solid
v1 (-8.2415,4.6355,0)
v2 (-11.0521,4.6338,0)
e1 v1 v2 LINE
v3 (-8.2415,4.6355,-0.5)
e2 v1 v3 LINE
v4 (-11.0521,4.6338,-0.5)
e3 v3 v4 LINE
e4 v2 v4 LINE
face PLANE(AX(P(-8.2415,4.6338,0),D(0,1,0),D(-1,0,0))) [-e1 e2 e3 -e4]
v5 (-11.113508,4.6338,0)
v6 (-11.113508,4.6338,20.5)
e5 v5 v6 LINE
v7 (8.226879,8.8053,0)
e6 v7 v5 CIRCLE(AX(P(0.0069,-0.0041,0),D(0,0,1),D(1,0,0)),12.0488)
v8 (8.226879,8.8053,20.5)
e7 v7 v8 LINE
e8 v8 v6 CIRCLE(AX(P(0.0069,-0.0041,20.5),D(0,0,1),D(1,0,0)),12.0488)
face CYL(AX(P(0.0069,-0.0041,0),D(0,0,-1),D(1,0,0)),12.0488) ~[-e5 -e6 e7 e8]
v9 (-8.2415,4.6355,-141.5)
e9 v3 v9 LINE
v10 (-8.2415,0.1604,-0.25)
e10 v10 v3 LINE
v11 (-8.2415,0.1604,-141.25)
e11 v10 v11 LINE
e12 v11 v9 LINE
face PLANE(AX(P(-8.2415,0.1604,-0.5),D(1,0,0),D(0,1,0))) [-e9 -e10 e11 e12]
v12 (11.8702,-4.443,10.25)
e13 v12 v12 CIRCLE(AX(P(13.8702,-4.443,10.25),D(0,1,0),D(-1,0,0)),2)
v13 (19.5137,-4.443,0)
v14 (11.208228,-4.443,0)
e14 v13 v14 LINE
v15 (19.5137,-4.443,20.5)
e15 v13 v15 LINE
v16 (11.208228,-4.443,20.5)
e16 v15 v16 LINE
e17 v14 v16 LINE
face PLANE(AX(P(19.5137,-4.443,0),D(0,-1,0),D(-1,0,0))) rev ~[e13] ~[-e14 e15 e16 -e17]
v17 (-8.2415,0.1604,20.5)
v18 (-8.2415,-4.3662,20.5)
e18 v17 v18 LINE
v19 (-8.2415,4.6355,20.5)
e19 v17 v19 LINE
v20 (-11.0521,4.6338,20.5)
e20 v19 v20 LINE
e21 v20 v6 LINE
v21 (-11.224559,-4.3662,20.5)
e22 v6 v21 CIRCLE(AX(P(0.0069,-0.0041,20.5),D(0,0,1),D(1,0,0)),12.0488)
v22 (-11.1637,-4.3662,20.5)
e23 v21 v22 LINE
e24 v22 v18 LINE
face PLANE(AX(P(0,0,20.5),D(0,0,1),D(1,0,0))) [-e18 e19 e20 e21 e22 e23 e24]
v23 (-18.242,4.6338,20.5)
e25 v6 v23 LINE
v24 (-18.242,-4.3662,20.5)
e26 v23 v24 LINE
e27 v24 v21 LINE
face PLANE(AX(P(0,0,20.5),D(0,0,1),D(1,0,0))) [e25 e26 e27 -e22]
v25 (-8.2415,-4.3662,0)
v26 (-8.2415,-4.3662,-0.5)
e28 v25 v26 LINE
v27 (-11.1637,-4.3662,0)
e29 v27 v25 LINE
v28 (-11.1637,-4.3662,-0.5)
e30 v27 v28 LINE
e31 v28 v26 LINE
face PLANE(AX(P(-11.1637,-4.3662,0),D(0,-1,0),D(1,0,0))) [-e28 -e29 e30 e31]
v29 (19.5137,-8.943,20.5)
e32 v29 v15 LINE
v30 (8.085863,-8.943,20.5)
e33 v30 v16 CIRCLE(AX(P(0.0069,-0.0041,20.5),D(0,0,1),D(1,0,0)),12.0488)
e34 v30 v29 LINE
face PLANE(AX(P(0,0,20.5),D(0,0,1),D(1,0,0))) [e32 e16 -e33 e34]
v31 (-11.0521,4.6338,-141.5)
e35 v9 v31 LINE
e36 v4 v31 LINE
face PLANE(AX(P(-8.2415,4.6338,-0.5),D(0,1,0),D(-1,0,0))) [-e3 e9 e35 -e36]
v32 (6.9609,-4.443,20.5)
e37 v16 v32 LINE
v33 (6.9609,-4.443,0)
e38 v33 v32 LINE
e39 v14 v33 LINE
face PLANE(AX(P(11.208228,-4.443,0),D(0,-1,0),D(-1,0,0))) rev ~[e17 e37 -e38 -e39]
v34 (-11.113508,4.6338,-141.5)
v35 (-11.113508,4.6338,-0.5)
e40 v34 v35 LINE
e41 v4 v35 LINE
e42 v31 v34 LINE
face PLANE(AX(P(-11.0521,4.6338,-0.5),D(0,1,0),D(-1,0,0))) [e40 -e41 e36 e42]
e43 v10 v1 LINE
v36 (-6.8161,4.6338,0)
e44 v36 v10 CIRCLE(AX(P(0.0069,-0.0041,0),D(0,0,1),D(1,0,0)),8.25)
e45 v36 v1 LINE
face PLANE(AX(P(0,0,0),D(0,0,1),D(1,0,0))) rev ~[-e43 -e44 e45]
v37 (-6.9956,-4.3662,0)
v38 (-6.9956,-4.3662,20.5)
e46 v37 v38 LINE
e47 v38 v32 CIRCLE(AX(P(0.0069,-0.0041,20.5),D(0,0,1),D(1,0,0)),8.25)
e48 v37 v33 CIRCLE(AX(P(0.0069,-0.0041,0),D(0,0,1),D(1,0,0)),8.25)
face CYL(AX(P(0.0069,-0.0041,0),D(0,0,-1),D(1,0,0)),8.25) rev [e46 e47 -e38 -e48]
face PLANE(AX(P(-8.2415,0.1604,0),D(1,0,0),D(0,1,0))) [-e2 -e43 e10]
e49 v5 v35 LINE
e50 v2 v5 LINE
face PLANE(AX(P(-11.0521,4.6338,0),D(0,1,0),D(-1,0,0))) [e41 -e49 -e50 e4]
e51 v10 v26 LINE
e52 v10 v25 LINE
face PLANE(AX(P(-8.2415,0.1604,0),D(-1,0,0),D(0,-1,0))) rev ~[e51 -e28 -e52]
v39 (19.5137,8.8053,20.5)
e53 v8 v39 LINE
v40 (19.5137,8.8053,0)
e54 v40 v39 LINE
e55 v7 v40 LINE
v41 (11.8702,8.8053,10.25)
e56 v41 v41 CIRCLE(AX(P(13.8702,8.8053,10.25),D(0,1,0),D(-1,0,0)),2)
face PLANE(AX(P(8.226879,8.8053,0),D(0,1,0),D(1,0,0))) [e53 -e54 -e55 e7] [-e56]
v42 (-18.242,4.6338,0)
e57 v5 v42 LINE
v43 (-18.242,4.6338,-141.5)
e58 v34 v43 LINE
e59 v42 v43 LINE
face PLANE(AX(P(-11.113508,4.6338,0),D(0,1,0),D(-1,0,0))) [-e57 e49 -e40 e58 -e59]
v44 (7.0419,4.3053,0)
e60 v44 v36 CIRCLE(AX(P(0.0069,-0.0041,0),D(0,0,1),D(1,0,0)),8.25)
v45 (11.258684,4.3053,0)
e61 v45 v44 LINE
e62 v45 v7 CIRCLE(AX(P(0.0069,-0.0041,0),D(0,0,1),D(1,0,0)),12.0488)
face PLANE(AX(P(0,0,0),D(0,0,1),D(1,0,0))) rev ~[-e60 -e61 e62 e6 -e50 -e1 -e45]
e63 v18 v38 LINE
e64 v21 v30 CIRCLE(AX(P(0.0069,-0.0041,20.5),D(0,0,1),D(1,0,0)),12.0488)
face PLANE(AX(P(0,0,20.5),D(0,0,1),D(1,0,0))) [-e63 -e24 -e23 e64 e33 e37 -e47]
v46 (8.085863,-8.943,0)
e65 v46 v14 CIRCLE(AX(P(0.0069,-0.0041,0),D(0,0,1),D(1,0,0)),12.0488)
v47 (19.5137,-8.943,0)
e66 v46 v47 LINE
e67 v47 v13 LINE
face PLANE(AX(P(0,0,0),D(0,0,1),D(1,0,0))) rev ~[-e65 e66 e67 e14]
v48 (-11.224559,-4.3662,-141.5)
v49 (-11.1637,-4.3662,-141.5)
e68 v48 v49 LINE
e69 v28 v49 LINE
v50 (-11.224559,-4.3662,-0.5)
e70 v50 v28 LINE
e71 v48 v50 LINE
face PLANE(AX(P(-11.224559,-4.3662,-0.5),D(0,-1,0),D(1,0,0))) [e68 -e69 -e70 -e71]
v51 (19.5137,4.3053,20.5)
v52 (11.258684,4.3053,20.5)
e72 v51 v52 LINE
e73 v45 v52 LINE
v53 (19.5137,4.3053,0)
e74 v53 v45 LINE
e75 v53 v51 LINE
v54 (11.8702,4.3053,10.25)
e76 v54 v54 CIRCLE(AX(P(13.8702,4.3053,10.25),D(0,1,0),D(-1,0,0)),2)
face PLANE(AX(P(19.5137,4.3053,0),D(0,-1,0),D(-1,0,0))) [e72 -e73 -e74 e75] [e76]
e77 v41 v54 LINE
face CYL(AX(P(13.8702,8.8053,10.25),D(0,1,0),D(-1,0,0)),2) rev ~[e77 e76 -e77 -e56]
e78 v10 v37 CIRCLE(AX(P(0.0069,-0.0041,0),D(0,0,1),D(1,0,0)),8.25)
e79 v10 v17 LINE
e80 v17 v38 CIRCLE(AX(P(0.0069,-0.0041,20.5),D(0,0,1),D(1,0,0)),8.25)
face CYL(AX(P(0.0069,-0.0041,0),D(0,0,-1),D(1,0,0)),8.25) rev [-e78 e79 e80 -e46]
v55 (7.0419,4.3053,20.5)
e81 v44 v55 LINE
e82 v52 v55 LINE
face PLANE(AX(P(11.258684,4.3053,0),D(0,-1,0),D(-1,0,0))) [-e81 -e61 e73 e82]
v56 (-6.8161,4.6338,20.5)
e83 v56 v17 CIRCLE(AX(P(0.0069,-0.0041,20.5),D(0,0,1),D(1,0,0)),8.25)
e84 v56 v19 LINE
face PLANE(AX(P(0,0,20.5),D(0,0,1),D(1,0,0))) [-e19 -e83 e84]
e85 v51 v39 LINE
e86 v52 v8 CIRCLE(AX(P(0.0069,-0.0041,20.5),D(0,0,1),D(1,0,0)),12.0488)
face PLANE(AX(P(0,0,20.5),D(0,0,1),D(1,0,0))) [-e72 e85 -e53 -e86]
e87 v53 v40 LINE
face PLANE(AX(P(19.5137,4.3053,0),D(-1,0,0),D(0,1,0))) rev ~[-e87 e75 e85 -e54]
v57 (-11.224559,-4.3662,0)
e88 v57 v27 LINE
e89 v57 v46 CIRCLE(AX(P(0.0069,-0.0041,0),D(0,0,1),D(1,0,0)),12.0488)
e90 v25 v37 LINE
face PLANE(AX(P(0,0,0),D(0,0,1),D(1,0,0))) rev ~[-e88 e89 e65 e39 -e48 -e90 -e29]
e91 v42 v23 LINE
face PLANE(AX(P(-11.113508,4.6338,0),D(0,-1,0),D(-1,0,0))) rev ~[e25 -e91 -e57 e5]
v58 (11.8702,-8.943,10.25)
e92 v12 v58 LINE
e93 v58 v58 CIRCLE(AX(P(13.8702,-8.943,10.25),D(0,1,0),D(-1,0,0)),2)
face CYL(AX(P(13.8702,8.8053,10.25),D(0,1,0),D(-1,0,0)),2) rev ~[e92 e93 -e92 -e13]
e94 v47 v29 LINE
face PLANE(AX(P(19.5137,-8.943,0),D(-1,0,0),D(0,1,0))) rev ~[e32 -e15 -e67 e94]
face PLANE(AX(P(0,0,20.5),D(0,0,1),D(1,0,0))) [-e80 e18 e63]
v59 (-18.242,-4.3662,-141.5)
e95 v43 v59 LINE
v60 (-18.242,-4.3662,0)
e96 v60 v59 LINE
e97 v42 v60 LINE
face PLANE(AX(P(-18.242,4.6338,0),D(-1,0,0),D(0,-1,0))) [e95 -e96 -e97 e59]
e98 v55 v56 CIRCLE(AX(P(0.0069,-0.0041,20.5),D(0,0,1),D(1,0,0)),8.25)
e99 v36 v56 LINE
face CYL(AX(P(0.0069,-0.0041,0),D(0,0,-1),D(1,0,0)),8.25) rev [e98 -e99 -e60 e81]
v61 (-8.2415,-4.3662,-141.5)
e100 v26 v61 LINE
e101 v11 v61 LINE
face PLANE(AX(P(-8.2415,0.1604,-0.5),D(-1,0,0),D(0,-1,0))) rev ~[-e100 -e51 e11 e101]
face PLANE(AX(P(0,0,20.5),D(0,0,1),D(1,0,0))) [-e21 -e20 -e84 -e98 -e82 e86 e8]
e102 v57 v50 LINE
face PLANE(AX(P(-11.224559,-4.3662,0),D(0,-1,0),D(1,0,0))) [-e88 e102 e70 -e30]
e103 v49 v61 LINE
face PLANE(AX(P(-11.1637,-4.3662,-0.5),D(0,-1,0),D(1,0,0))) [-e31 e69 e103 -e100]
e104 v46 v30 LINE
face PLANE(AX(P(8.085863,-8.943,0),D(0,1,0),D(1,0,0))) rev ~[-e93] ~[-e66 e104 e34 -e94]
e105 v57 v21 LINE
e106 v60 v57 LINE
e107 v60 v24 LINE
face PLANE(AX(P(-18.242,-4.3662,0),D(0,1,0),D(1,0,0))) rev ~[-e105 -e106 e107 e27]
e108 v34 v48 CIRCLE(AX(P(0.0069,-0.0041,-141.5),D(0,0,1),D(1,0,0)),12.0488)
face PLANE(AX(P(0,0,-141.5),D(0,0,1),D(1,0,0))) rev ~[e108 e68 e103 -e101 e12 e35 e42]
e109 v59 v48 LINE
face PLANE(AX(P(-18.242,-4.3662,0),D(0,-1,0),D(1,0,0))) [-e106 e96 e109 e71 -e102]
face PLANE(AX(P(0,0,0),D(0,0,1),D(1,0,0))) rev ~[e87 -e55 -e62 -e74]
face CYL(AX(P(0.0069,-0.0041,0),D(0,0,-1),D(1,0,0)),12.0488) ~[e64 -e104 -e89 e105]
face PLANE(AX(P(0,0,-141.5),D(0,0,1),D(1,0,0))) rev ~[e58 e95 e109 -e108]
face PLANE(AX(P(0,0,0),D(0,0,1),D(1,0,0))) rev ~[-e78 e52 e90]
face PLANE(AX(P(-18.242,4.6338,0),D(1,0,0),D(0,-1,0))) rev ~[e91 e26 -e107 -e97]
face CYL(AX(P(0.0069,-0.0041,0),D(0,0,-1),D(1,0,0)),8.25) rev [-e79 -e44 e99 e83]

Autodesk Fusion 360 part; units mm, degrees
sketch "Sketch1" plane through (0, 0, 0) normal (0, 0, 1) x (1, 0, 0)
  line L0 (-6.8161, 4.6338) -> (-18.242, 4.6338)
  line L1 (8.001, -8.943) -> (19.5137, -8.943)
  line L2 (19.5137, -8.943) -> (19.5137, -4.443)
  line L3 (-18.242, -4.3662) -> (-6.9956, -4.3662)
  circle A0 centre (0.0069, -0.0041) radius 8.25
  arc A1 (-6.9956, -4.3662) -> (6.9609, -4.443) centre (0.0069, -0.0041) ccw
  line L4 (8.1435, 8.8053) -> (19.5137, 8.8053)
  line L5 (-11.0521, 4.6338) -> (-6.8161, 4.6338)
  line L6 (19.5137, 8.8053) -> (8.1435, 8.8053)
  line L7 (19.5137, -8.943) -> (19.5137, -4.443)
  arc A2 (-6.8161, 4.6338) -> (-6.9956, -4.3662) centre (0.0069, -0.0041) ccw
  line L8 (19.5137, 4.3053) -> (19.5137, 8.8053)
  line L9 (19.5137, 4.3053) -> (7.0419, 4.3053)
  circle A3 centre (0.0069, -0.0041) radius 12.0488
  line L10 (-18.242, 4.6338) -> (-18.242, -4.3662)
  line L11 (8.001, -8.943) -> (19.5137, -8.943)
  line L12 (19.5137, 4.3053) -> (19.5137, 8.8053)
  arc A4 (7.0419, 4.3053) -> (-6.8161, 4.6338) centre (0.0069, -0.0041) ccw
  line L13 (7.0419, 4.3053) -> (19.5137, 4.3053)
  line L14 (19.5137, -4.443) -> (6.9609, -4.443)
  line L15 (-11.0521, 4.6338) -> (-18.242, 4.6338)
  line L16 (-6.9956, -4.3662) -> (-11.1637, -4.3662)
  line L17 (-18.242, -4.3662) -> (-11.1637, -4.3662)
  line L18 (-18.242, 4.6338) -> (-18.242, -4.3662)
  line L19 (0.0069, -0.0041) -> (-18.242, -0.0041) construction
  line L20 (-8.2415, 0.1604) -> (-8.2415, -4.3662)
  line L21 (-8.2415, 0.1604) -> (-8.2415, 4.6355)
  line L22 (-8.2415, -4.3662) -> (-8.2415, 4.6355)
  dimension "d6" = 90
extrude "Extrude1" add sketch "Sketch1" along normal blind 20.5 contours L0 A0 L5 A2 L21 L22 | L0 A0 L5 L9 A3 A4 L13 L15 | L3 A0 A2 L16 L20 L22 | L0 L3 L5 A3 L15 L16 L17 L20 L21 L22 | L4 L6 L8 L9 A3 L12 L13 | L3 A0 A1 A3 L14 L16 L17 | L0 L3 A3 L10 L15 L17 L18 | L1 L2 L7 A3 L11 L14
sketch "Sketch2" plane through (0, 8.8053, 0) normal (0, 1, 0) x (-1, 0, 0)
  line L0 (-19.5137, 0) -> (-8.2268, 0)
  line L1 (-8.2268, 20.5) -> (-19.5137, 20.5)
  line L2 (-19.5137, 20.5) -> (-19.5137, 0)
  line L3 (-8.2268, 0) -> (-19.5137, 20.5) construction
  line L4 (-8.2268, 20.5) -> (-19.5137, 0) construction
  circle A0 centre (-13.8702, 10.25) radius 2
  line L5 (-8.2268, 0) -> (-8.2268, 20.5)
  dimension "d3" = 4
extrude "Extrude2" cut sketch "Sketch2" against normal blind 39 contours A0
extrude "Extrude3" add sketch "Sketch1" against normal blind 141.5 contours L0 L3 L5 A3 L15 L16 L17 L20 L21 L22 | L0 L3 A3 L10 L15 L17 L18
extrude "Extrude4" cut sketch "Sketch1" against normal blind 144 contours L0 A0 L5 A2 L21 L22 | L3 A0 A2 L16 L20 L22
extrude "Extrude5" cut 1 faces at (-9.3904, -2.3691, -141.5) along direction (0, 0, 1) blind 141
extrude "Extrude6" add 1 faces at (-9.3904, -2.3691, -0.5) along direction (0, 0, -1) blind 141
